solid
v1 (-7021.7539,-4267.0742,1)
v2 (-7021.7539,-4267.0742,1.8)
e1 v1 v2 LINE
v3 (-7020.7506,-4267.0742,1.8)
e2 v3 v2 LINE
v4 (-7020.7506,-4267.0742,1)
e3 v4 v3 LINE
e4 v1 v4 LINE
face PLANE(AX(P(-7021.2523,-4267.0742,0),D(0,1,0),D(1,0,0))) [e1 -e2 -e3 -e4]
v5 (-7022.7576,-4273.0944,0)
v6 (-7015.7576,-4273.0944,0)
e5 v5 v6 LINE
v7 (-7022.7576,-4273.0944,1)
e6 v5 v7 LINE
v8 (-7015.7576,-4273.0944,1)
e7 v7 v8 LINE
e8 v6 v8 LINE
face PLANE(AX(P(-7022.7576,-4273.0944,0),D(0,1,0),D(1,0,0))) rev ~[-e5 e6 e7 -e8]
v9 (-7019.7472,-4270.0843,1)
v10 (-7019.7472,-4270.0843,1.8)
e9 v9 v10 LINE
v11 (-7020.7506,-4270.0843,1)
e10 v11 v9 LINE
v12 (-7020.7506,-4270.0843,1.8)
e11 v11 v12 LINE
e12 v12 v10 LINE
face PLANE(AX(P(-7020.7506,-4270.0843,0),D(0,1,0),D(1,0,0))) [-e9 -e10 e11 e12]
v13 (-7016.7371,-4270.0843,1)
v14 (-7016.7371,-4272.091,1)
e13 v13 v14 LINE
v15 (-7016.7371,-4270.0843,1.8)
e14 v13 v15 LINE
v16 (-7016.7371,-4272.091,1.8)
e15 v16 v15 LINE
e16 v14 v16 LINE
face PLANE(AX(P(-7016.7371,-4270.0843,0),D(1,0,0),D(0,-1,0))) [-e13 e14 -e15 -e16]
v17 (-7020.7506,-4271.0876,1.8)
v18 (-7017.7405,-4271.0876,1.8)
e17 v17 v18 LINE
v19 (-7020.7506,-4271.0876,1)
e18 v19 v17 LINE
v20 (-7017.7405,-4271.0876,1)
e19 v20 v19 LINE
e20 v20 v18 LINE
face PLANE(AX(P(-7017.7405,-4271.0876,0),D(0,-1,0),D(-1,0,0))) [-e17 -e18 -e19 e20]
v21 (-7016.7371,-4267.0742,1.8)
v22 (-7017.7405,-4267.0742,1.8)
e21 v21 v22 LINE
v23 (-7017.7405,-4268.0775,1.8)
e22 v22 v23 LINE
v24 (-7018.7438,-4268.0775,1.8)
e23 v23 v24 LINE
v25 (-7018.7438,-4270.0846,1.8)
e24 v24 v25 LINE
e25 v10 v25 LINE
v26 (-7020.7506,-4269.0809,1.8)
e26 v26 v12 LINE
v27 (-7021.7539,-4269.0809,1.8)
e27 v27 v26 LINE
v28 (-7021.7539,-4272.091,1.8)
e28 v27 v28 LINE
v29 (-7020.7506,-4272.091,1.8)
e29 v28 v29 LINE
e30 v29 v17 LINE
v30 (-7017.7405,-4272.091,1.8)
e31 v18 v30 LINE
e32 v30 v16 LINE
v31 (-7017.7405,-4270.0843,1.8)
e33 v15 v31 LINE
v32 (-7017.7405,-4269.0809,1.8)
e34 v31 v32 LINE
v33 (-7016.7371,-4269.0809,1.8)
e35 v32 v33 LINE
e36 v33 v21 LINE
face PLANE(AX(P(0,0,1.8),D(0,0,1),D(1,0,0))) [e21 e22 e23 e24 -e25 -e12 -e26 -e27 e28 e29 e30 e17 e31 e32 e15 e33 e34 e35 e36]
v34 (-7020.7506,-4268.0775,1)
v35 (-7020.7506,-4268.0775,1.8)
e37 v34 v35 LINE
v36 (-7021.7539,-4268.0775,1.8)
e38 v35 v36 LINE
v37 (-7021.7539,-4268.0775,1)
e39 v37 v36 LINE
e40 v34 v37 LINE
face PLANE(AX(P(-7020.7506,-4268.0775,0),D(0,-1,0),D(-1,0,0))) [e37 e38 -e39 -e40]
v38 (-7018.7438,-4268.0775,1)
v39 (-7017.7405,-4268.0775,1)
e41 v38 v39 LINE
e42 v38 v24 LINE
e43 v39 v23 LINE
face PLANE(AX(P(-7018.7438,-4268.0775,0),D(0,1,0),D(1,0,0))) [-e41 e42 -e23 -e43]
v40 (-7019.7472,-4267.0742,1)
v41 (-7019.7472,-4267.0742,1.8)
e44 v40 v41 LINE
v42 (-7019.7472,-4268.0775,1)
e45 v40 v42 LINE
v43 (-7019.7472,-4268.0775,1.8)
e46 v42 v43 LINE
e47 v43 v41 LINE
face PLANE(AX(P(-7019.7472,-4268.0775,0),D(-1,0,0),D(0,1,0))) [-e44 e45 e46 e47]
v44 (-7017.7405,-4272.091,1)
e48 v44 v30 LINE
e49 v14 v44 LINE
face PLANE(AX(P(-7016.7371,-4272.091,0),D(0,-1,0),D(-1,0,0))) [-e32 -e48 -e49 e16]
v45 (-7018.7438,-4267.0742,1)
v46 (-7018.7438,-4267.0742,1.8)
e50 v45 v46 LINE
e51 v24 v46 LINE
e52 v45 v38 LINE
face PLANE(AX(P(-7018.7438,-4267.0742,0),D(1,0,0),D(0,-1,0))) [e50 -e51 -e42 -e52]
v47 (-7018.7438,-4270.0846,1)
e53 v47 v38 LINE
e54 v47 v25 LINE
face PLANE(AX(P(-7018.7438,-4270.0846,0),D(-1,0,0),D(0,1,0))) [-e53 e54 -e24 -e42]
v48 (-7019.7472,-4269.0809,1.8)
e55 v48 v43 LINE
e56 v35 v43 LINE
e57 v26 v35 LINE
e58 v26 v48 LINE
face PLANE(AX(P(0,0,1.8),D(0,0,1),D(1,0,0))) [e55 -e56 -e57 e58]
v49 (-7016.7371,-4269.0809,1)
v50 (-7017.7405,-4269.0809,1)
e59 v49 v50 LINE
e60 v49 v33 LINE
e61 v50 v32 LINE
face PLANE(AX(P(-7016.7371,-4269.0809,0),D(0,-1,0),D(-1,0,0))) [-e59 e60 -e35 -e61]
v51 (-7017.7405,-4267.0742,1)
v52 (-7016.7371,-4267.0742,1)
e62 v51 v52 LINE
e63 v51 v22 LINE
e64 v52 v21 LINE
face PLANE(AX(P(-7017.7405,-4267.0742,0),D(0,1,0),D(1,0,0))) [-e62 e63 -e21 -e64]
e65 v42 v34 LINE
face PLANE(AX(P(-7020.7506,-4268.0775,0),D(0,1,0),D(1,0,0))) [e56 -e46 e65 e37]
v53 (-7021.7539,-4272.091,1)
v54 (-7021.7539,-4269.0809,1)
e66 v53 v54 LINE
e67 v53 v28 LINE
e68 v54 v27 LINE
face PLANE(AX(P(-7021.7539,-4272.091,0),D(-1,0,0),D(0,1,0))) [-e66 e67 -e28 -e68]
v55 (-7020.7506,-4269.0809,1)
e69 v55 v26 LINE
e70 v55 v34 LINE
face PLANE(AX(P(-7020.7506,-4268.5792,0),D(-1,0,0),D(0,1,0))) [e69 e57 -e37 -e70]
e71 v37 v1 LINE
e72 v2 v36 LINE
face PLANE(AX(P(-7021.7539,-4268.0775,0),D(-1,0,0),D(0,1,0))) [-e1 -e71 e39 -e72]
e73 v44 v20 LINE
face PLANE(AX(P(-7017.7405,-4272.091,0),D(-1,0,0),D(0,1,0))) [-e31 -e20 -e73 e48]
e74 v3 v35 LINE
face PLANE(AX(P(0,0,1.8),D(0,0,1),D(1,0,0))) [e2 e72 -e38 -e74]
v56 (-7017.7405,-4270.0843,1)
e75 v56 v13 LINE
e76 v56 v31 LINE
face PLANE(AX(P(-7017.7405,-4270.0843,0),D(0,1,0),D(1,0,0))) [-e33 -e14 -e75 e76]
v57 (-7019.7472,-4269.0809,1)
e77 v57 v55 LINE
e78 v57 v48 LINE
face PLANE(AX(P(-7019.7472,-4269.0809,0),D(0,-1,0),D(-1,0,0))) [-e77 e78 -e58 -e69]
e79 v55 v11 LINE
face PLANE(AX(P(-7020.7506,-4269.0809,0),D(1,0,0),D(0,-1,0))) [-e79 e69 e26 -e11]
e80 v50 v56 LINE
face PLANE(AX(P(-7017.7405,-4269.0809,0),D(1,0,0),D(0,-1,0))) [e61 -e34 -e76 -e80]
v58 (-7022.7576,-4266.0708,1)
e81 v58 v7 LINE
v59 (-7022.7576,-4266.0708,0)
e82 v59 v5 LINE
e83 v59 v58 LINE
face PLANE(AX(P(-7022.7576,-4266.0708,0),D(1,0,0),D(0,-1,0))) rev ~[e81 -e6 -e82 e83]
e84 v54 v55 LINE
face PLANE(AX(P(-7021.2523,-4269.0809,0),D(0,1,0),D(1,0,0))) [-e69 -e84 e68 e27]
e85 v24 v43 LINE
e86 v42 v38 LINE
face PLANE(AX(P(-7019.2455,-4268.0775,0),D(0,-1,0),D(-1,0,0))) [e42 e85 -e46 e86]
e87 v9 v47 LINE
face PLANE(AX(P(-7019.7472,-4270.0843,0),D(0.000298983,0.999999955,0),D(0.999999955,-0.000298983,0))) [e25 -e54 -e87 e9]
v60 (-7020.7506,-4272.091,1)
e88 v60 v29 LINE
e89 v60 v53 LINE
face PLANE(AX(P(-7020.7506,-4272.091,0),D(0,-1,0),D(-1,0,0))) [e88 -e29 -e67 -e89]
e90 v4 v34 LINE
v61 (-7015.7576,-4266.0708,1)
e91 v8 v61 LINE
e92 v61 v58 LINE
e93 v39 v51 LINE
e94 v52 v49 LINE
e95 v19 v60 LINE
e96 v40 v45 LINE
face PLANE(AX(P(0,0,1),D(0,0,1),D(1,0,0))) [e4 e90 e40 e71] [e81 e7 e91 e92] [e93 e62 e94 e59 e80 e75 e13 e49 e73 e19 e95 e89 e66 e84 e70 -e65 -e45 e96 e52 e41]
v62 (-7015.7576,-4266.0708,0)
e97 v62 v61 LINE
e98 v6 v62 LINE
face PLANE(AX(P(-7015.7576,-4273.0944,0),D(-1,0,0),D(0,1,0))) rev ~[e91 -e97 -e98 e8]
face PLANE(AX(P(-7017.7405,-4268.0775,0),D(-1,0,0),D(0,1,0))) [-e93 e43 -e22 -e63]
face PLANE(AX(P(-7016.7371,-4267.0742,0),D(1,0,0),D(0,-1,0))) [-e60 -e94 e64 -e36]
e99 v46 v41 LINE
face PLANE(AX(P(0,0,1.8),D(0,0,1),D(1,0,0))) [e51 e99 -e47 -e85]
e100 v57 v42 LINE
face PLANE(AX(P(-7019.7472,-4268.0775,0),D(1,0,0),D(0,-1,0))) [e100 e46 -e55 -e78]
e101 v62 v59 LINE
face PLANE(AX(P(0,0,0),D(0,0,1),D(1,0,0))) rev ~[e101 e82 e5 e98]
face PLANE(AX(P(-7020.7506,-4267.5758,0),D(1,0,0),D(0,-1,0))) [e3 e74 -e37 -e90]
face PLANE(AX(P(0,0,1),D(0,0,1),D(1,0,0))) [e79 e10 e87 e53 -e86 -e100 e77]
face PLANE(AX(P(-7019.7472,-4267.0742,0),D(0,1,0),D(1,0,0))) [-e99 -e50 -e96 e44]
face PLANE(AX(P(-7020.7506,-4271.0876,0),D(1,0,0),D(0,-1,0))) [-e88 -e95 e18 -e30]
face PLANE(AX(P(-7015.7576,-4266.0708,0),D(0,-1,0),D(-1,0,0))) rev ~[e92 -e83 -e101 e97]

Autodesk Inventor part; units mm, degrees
ref_plane "YZ Plane" through (0, 0, 0) normal (1, 0, 0) x (0, 1, 0)
ref_plane "XZ Plane" through (0, 0, 0) normal (0, 1, 0) x (-1, 0, 0)
ref_plane "XY Plane" through (0, 0, 0) normal (0, 0, 1) x (1, 0, 0)
sketch "Skizze1" plane through (0, 0, 0) normal (0, 0, 1) x (1, 0, 0)
  line L0 (-7020.7506, -4267.5758) -> (-7020.7506, -4268.0775)
  line L1 (-7020.7506, -4268.0775) -> (-7020.2489, -4268.0775)
  line L2 (-7020.2489, -4268.0775) -> (-7019.7472, -4268.0775)
  line L3 (-7019.7472, -4268.0775) -> (-7019.7472, -4267.5758)
  line L4 (-7019.7472, -4267.5758) -> (-7019.7472, -4267.0742)
  line L5 (-7019.7472, -4267.0742) -> (-7019.2455, -4267.0742)
  line L6 (-7019.2455, -4267.0742) -> (-7018.7438, -4267.0742)
  line L7 (-7018.7438, -4267.0742) -> (-7018.7438, -4267.5758)
  line L8 (-7018.7438, -4267.5758) -> (-7018.7438, -4268.0775)
  line L9 (-7018.7438, -4268.0775) -> (-7018.2422, -4268.0775)
  line L10 (-7018.2422, -4268.0775) -> (-7017.7405, -4268.0775)
  line L11 (-7017.7405, -4268.0775) -> (-7017.7405, -4267.5758)
  line L12 (-7017.7405, -4267.5758) -> (-7017.7405, -4267.0742)
  line L13 (-7017.7405, -4267.0742) -> (-7017.2388, -4267.0742)
  line L14 (-7017.2388, -4267.0742) -> (-7016.7371, -4267.0742)
  line L15 (-7016.7371, -4267.0742) -> (-7016.7371, -4268.0775)
  line L16 (-7016.7371, -4268.0775) -> (-7016.7371, -4269.0809)
  line L17 (-7016.7371, -4269.0809) -> (-7017.2388, -4269.0809)
  line L18 (-7017.2388, -4269.0809) -> (-7017.7405, -4269.0809)
  line L19 (-7017.7405, -4269.0809) -> (-7017.7405, -4269.5826)
  line L20 (-7017.7405, -4269.5826) -> (-7017.7405, -4270.0843)
  line L21 (-7017.7405, -4270.0843) -> (-7017.2388, -4270.0843)
  line L22 (-7017.2388, -4270.0843) -> (-7016.7371, -4270.0843)
  line L23 (-7016.7371, -4270.0843) -> (-7016.7371, -4271.0876)
  line L24 (-7016.7371, -4271.0876) -> (-7016.7371, -4272.091)
  line L25 (-7016.7371, -4272.091) -> (-7017.2388, -4272.091)
  line L26 (-7017.2388, -4272.091) -> (-7017.7405, -4272.091)
  line L27 (-7017.7405, -4272.091) -> (-7017.7405, -4271.5893)
  line L28 (-7017.7405, -4271.5893) -> (-7017.7405, -4271.0876)
  line L29 (-7017.7405, -4271.0876) -> (-7019.2455, -4271.0876)
  line L30 (-7019.2455, -4271.0876) -> (-7020.7506, -4271.0876)
  line L31 (-7020.7506, -4271.0876) -> (-7020.7506, -4271.5893)
  line L32 (-7020.7506, -4271.5893) -> (-7020.7506, -4272.091)
  line L33 (-7020.7506, -4272.091) -> (-7021.2523, -4272.091)
  line L34 (-7021.2523, -4272.091) -> (-7021.7539, -4272.091)
  line L35 (-7021.7539, -4272.091) -> (-7021.7539, -4270.5859)
  line L36 (-7021.7539, -4270.5859) -> (-7021.7539, -4269.0809)
  line L37 (-7021.7539, -4269.0809) -> (-7021.2523, -4269.0809)
  line L38 (-7021.2523, -4269.0809) -> (-7020.7506, -4269.0809)
  line L39 (-7020.7506, -4269.0809) -> (-7020.7506, -4268.5792)
  line L40 (-7020.7506, -4268.5792) -> (-7020.7506, -4268.0775)
  line L41 (-7020.7506, -4268.0775) -> (-7021.2523, -4268.0775)
  line L42 (-7021.2523, -4268.0775) -> (-7021.7539, -4268.0775)
  line L43 (-7021.7539, -4268.0775) -> (-7021.7539, -4267.5758)
  line L44 (-7021.7539, -4267.5758) -> (-7021.7539, -4267.0742)
  line L45 (-7021.7539, -4267.0742) -> (-7021.2523, -4267.0742)
  line L46 (-7021.2523, -4267.0742) -> (-7020.7506, -4267.0742)
  line L47 (-7020.7506, -4267.0742) -> (-7020.7506, -4267.5758)
  line L48 (-7019.7472, -4268.5792) -> (-7019.7472, -4269.0809)
  line L49 (-7019.7472, -4269.0809) -> (-7020.2489, -4269.0809)
  line L50 (-7020.2489, -4269.0809) -> (-7020.7506, -4269.0809)
  line L51 (-7020.7506, -4269.0809) -> (-7020.7506, -4269.5826)
  line L52 (-7020.7506, -4269.5826) -> (-7020.7506, -4270.0843)
  line L53 (-7020.7506, -4270.0843) -> (-7019.7472, -4270.0843)
  line L54 (-7019.7472, -4270.0846) -> (-7018.7438, -4270.0846)
  line L55 (-7018.7438, -4270.0843) -> (-7018.7438, -4269.0809)
  line L56 (-7018.7438, -4269.0809) -> (-7018.7438, -4268.0775)
  line L57 (-7018.7438, -4268.0775) -> (-7019.2455, -4268.0775)
  line L58 (-7019.2455, -4268.0775) -> (-7019.7472, -4268.0775)
  line L59 (-7019.7472, -4268.0775) -> (-7019.7472, -4268.5792)
  line L60 (-7015.7576, -4266.0708) -> (-7022.7576, -4266.0708)
  line L61 (-7022.7576, -4266.0708) -> (-7022.7576, -4273.0944)
  line L62 (-7022.7576, -4273.0944) -> (-7015.7576, -4273.0944)
  line L63 (-7015.7576, -4273.0944) -> (-7015.7576, -4266.0708)
  dimension "d4" = 7
  dimension "d5" = 7.0236
  dimension "d6" = 1.0034
  dimension "d7" = 1.003
  dimension "d8" = 1.0034
  dimension "d9" = 1.0037
extrude "Extrusion1" add sketch "Skizze1" along normal blind 1 contours L58 L57 L56 L55 L54 L53 L52 L51 L50 L49 L48 L59 | L63 L62 L61 L60
extrude "Extrusion2" add sketch "Skizze1" along normal blind 1.8 contours L1 L2 L59 L48 L49 L50 L39 L40 | L0 L41 L42 L43 L44 L45 L46 L47 | L3 L4 L5 L6 L7 L8 L57 L58 | L51 L52 L53 L54 L55 L56 L9 L10 L11 L12 L13 L14 L15 L16 L17 L18 L19 L20 L21 L22 L23 L24 L25 L26 L27 L28 L29 L30 L31 L32 L33 L34 L35 L36 L37 L38
properties part number "AprilTag"
